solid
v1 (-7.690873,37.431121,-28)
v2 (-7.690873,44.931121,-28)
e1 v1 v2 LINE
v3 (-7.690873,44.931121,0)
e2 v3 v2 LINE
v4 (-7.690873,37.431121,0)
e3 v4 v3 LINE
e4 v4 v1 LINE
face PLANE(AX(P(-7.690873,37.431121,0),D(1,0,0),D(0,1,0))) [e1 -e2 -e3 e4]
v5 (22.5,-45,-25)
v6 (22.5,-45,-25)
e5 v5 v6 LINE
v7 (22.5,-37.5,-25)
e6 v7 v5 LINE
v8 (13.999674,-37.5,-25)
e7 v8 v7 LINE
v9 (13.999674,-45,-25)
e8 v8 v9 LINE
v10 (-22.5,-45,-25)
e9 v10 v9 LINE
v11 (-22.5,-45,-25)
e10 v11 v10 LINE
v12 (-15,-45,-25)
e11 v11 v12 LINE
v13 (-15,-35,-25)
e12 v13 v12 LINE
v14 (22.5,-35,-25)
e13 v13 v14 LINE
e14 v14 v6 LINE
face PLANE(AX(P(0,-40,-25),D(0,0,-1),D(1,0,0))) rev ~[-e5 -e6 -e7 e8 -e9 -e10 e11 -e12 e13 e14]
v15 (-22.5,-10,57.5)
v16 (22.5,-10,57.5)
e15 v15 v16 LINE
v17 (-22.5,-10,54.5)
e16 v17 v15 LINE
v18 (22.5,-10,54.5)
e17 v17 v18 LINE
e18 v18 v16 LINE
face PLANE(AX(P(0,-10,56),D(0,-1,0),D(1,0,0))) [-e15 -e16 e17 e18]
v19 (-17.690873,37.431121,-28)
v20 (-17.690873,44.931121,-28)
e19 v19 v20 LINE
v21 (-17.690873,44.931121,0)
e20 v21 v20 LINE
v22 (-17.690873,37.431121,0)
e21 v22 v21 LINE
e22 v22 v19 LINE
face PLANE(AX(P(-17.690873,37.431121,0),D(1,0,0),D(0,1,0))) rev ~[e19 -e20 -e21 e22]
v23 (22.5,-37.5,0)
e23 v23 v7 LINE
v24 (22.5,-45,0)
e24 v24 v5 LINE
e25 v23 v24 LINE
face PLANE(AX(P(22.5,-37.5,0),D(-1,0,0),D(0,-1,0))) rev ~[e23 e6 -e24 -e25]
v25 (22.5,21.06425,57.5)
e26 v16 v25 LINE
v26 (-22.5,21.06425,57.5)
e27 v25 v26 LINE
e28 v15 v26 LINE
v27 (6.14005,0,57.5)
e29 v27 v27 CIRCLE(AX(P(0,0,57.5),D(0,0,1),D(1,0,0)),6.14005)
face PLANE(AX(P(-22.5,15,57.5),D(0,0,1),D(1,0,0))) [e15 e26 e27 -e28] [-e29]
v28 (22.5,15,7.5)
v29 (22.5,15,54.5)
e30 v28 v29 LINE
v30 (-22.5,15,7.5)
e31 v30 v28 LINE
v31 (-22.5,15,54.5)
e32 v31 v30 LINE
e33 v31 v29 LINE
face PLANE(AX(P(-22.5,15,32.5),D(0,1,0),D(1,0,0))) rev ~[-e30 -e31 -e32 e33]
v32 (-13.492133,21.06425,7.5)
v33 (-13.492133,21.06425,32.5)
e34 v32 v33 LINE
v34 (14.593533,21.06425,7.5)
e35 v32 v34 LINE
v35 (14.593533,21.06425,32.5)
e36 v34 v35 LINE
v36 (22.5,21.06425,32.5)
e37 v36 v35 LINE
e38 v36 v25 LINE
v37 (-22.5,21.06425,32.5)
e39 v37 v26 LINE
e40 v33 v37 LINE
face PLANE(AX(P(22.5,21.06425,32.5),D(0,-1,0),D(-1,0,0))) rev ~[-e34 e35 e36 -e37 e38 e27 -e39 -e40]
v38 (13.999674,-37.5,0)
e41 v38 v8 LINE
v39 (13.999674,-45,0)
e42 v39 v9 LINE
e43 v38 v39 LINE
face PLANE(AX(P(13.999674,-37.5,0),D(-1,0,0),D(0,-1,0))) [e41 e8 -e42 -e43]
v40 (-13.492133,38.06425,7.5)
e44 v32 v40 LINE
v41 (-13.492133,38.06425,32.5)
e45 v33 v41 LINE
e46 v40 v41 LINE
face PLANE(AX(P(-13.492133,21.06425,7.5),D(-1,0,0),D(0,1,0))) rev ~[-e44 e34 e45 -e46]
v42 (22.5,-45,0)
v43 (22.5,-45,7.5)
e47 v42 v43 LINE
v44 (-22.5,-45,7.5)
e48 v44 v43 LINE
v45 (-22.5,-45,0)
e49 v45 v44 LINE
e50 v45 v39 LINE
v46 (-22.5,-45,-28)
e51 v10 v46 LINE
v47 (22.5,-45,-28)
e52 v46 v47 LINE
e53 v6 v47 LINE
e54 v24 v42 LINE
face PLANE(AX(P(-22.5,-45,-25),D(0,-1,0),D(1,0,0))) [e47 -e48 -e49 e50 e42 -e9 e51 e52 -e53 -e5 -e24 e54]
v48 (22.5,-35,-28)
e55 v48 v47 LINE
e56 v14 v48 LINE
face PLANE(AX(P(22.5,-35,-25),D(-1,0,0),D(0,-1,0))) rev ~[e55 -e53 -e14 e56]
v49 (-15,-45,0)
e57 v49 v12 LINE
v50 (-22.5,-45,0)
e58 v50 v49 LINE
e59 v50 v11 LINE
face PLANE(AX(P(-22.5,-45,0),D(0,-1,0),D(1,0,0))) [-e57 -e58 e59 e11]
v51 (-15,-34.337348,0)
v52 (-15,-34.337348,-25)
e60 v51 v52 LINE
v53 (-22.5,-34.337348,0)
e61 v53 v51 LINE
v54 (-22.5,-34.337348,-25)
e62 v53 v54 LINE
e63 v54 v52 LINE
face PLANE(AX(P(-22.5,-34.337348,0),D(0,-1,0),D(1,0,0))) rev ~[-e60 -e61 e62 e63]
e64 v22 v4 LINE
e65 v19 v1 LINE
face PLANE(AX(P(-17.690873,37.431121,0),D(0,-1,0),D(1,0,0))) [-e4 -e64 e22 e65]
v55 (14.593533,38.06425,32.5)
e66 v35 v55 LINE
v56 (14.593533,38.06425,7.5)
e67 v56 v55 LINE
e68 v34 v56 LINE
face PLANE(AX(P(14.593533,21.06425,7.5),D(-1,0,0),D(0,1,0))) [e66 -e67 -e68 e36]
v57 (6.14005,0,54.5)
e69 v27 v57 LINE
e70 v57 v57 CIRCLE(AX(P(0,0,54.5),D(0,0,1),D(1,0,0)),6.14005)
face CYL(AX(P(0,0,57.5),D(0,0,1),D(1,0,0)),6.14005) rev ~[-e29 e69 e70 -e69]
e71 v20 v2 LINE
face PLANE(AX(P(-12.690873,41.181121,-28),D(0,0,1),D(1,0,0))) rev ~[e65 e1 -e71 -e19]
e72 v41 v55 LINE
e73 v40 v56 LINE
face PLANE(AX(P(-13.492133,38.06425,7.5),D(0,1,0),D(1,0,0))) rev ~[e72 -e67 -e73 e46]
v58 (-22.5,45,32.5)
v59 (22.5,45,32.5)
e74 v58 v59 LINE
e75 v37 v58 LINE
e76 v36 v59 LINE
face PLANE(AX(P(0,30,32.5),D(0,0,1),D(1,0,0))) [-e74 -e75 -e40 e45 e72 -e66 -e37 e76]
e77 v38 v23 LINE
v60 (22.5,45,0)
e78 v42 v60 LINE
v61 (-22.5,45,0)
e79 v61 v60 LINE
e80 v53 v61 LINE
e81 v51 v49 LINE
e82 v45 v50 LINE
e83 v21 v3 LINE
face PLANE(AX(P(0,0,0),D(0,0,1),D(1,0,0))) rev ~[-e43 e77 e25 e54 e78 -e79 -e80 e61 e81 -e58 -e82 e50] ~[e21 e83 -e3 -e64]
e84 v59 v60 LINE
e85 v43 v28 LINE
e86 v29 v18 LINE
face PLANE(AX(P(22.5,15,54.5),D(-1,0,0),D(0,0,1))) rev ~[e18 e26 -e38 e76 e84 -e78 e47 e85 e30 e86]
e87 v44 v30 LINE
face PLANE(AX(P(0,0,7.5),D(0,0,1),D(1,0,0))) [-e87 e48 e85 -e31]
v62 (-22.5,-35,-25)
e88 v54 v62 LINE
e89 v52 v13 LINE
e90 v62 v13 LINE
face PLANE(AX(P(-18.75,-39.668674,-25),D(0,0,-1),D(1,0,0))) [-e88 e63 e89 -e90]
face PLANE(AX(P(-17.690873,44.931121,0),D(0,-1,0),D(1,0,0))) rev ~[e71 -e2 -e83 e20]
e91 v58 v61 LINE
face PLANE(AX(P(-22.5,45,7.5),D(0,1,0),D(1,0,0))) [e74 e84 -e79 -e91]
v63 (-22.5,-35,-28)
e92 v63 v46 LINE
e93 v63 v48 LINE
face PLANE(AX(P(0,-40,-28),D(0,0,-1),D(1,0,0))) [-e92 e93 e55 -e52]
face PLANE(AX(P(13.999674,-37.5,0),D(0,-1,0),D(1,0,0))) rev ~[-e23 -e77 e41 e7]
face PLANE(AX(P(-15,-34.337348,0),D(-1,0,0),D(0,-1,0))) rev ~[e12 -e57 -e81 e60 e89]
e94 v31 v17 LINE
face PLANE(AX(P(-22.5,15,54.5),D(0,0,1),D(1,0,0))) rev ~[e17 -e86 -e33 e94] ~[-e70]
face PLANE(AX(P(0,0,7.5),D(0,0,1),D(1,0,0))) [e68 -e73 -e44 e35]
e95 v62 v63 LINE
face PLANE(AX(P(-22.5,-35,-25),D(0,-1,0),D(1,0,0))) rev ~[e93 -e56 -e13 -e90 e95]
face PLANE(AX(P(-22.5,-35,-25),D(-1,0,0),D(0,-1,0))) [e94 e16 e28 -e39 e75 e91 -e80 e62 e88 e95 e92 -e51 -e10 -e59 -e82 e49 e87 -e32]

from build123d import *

# Parameters (mm, degrees)
F0_W      = 45
F0_H      = 90
F1_DEPTH  = 7.5
F2_W      = 45
F2_H      = 30
F2_W_2    = 28.085665
F2_H_2    = 17
F3_DEPTH  = 25
F5_DEPTH  = 25
F6_W      = 45
F6_H      = 3
F7_DEPTH  = 25
F8_R      = 6.14005
F9_DEPTH  = 3
F10_W     = 8.500325
F10_H     = 7.5
F11_DEPTH = 25
F12_W     = 7.5
F12_H     = 10.662651
F13_DEPTH = 25
F14_W     = 10
F14_H     = 7.5
F15_DEPTH = 28
F16_W     = 45
F16_H     = 10
F17_DEPTH = 3


with BuildPart() as f1:
    # F0 (on Top) → F1 (new body)
    with BuildSketch(Plane.XY):
        Rectangle(F0_W, F0_H)
    extrude(amount=F1_DEPTH)

    # F2 (on face) → F3 (join)
    with BuildSketch(Plane.XY.offset(7.5)):
        with Locations((0, 30)):
            Rectangle(F2_W, F2_H)
        with Locations((0.5507, 29.56425)):
            Rectangle(F2_W_2, F2_H_2, mode=Mode.SUBTRACT)
    extrude(amount=F3_DEPTH)

    # F4 (on face) → F5 (join)
    with BuildSketch(Plane.XY.offset(32.5)):
        Polygon((-22.5, 15), (22.5, 15), (22.5, 21.06425), (14.593532, 21.06425), (-13.492133, 21.06425), (-22.5, 21.06425), align=None)
    extrude(amount=F5_DEPTH)

    # F6 (on face) → F7 (join)
    with BuildSketch(Plane.XZ.offset(-15)):
        with Locations((0, 56)):
            Rectangle(F6_W, F6_H)
    extrude(amount=F7_DEPTH)

    # F8 (on face) → F9 (cut, through all)
    with BuildSketch(Plane.XY.offset(57.5)):
        Circle(F8_R)
    extrude(amount=-F9_DEPTH, mode=Mode.SUBTRACT)

    # F10 (on face) → F11 (join)
    with BuildSketch(Plane(origin=(0, 0, 0), x_dir=(1, 0, 0), z_dir=(0, 0, -1))):
        with Locations((18.249837, 41.25)):
            Rectangle(F10_W, F10_H)
    extrude(amount=F11_DEPTH)

    # F12 (on face) → F13 (join)
    with BuildSketch(Plane(origin=(0, 0, 0), x_dir=(1, 0, 0), z_dir=(0, 0, -1))):
        with Locations((-18.75, 39.668674)):
            Rectangle(F12_W, F12_H)
    extrude(amount=F13_DEPTH)

    # F14 (on Top) → F15 (join)
    with BuildSketch(Plane.XY):
        with Locations((-12.690873, 41.181121)):
            Rectangle(F14_W, F14_H)
    extrude(amount=-F15_DEPTH)

    # F16 (on face) → F17 (join)
    with BuildSketch(Plane(origin=(0, 0, -25), x_dir=(1, 0, 0), z_dir=(0, 0, -1))):
        with Locations((0, 40)):
            Rectangle(F16_W, F16_H)
    extrude(amount=F17_DEPTH)


solid = f1.part
